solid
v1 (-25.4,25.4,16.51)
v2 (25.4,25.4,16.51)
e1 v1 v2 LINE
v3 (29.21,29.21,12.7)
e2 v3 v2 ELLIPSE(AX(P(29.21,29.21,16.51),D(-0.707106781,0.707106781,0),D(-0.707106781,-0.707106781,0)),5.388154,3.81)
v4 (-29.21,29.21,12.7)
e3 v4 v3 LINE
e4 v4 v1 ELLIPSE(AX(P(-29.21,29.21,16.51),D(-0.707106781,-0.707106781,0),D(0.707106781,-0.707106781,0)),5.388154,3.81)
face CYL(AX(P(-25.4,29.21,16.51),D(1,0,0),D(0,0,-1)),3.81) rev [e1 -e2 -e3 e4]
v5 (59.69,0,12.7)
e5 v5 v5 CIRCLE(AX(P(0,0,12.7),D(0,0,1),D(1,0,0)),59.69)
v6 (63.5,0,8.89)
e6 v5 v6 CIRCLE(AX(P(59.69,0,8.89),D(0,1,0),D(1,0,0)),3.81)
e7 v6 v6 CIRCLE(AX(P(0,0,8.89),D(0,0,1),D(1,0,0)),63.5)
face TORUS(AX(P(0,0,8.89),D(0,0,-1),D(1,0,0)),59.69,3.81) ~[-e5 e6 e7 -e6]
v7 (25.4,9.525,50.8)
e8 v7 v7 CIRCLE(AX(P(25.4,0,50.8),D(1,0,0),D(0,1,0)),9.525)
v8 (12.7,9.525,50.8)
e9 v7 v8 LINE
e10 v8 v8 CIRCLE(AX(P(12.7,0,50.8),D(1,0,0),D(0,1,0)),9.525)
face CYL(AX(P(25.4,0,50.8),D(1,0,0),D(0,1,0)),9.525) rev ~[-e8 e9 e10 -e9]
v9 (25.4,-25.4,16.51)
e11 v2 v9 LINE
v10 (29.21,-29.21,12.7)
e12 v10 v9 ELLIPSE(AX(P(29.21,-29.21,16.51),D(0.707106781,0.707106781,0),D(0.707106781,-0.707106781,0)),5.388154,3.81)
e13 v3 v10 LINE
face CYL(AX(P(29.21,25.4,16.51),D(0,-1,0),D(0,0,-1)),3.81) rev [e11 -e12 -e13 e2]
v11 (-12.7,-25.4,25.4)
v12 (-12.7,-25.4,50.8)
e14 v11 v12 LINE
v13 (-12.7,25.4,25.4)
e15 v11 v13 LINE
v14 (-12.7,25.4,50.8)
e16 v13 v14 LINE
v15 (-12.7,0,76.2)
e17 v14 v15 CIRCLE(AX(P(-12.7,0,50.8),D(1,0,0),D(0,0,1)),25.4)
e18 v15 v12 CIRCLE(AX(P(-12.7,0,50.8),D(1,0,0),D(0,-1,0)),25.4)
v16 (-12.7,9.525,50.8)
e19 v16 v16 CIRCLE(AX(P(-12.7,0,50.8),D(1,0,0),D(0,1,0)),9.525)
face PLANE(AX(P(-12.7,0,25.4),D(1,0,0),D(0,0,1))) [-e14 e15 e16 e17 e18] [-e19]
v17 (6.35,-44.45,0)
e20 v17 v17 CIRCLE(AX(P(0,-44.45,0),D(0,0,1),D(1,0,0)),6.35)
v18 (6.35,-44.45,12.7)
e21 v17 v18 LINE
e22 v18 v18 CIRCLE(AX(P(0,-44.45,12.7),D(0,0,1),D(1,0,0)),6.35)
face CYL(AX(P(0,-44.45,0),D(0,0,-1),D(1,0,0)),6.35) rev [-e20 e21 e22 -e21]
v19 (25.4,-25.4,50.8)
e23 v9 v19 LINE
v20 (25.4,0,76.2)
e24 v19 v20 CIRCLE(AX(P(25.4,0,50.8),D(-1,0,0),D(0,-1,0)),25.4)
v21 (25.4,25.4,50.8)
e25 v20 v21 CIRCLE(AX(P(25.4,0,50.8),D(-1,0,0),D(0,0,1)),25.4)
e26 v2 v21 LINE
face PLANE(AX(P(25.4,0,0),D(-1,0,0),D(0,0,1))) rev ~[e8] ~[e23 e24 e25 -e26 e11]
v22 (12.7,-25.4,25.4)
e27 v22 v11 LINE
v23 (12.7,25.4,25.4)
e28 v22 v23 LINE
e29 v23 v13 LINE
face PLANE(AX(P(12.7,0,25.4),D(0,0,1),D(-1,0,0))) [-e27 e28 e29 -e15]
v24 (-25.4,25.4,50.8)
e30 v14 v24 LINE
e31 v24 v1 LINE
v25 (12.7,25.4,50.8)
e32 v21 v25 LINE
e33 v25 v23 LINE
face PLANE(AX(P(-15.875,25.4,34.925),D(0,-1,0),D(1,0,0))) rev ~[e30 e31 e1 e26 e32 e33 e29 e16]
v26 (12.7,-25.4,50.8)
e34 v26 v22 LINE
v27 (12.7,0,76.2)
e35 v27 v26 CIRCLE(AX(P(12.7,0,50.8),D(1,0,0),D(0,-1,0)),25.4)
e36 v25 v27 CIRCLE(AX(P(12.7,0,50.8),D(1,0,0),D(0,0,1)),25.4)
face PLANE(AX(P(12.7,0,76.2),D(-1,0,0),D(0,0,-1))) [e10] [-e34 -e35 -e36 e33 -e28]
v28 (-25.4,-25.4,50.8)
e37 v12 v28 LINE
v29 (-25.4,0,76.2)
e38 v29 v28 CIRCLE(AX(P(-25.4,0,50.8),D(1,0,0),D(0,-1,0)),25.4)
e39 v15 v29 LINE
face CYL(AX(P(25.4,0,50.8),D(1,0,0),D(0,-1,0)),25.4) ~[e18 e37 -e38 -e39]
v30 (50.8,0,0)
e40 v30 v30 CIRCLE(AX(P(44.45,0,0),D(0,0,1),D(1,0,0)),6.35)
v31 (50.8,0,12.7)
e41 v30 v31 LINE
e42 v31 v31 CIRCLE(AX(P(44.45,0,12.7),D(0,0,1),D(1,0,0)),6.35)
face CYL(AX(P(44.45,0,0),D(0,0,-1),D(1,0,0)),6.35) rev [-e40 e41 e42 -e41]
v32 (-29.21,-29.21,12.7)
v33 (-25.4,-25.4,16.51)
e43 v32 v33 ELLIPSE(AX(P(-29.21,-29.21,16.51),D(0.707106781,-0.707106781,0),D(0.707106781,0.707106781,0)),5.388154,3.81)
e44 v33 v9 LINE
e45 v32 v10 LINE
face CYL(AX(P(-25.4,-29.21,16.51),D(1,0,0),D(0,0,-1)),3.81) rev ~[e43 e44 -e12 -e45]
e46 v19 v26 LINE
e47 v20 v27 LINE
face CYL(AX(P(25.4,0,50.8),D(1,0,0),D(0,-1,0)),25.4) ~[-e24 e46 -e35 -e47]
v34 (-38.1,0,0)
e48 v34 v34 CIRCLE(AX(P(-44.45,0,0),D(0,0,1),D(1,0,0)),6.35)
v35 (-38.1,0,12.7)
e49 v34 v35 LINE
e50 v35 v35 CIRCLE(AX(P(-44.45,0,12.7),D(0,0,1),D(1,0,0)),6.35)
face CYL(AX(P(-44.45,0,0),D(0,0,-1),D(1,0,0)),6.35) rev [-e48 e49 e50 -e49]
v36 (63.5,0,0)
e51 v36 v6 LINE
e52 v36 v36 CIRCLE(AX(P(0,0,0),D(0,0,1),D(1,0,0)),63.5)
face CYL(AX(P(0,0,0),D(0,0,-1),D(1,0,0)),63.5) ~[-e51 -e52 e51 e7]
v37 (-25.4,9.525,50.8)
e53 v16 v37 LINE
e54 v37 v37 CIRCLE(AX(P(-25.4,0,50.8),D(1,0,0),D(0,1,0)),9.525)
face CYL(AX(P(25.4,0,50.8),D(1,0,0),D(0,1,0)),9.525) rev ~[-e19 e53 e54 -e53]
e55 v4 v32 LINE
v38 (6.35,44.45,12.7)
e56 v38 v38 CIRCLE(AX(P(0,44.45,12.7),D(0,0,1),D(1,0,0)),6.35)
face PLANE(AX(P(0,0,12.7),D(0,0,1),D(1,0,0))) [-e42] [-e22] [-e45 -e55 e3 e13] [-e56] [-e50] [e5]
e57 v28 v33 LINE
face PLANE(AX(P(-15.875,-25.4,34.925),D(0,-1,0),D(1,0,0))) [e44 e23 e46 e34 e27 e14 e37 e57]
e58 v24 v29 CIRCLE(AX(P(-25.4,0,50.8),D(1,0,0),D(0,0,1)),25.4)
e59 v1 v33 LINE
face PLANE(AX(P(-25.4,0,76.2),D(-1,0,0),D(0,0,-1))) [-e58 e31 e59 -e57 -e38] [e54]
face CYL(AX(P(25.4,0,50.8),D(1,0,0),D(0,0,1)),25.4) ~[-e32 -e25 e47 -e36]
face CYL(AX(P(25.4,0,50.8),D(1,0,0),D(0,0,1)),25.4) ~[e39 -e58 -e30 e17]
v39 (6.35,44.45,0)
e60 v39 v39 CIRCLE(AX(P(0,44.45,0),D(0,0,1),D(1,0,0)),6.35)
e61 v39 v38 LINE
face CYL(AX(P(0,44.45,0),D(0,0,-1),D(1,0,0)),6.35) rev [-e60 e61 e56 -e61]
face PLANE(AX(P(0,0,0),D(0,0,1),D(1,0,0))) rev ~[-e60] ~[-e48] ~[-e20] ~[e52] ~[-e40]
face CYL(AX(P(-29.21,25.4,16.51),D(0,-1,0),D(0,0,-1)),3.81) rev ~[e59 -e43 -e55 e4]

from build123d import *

# Parameters (mm, degrees)
F0_R          = 63.5
F0_R_2        = 6.35
F1_DEPTH      = 12.7
F3_DEPTH      = 25.4
F3_DEPTH_BACK = 25.4
F4_R          = 9.525
F5_DEPTH      = 88.901
F6_R          = 3.81
F7_R          = 3.81


with BuildPart() as f1:
    # F0 (on Top) → F1 (new body)
    with BuildSketch(Plane.XY):
        Circle(F0_R)
        with Locations((0, -44.45)):
            Circle(F0_R_2, mode=Mode.SUBTRACT)
        with Locations((-44.45, 0)):
            Circle(F0_R_2, mode=Mode.SUBTRACT)
        with Locations((44.45, 0)):
            Circle(F0_R_2, mode=Mode.SUBTRACT)
        with Locations((0, 44.45)):
            Circle(F0_R_2, mode=Mode.SUBTRACT)
    extrude(amount=F1_DEPTH)

    # F2 (on Front) → F3 (join, two sides)
    with BuildSketch(Plane.XZ) as f3_sk:
        Polygon((-25.4, 76.2), (-25.4, 0), (0, 0), (0, 25.4), (-12.7, 25.4), (-12.7, 76.2), align=None)
        Polygon((0, 25.4), (0, 0), (25.4, 0), (25.4, 76.2), (12.7, 76.2), (12.7, 25.4), align=None)
    extrude(amount=F3_DEPTH)
    extrude(f3_sk.sketch, amount=-F3_DEPTH_BACK)

    # F4 (on face) → F5 (cut, through all)
    with BuildSketch(Plane.YZ.offset(25.4)):
        with Locations((0, 50.8)):
            Circle(F4_R)
        with BuildLine():
            ThreePointArc((0, 76.2), (17.9605122421, 68.7605122421), (25.4, 50.8))
            Line((25.4, 50.8), (25.4, 76.2))
            Line((25.4, 76.2), (0, 76.2))
        make_face()
        with BuildLine():
            Line((-25.4, 76.2), (-25.4, 50.8))
            ThreePointArc((-25.4, 50.8), (-17.9605122421, 68.7605122421), (0, 76.2))
            Line((0, 76.2), (-25.4, 76.2))
        make_face()
    extrude(amount=-F5_DEPTH, mode=Mode.SUBTRACT)

    # F6
    f6_edges = [f1.edges().sort_by_distance(p)[0] for p in [
        (-63.5, 0, 12.7),
    ]]
    fillet(f6_edges, radius=F6_R)

    # F7
    f7_edges = [f1.edges().sort_by_distance(p)[0] for p in [
        (0, -25.4, 12.7),
        (25.4, 0, 12.7),
        (0, 25.4, 12.7),
        (-25.4, 0, 12.7),
    ]]
    fillet(f7_edges, radius=F7_R)


solid = f1.part
